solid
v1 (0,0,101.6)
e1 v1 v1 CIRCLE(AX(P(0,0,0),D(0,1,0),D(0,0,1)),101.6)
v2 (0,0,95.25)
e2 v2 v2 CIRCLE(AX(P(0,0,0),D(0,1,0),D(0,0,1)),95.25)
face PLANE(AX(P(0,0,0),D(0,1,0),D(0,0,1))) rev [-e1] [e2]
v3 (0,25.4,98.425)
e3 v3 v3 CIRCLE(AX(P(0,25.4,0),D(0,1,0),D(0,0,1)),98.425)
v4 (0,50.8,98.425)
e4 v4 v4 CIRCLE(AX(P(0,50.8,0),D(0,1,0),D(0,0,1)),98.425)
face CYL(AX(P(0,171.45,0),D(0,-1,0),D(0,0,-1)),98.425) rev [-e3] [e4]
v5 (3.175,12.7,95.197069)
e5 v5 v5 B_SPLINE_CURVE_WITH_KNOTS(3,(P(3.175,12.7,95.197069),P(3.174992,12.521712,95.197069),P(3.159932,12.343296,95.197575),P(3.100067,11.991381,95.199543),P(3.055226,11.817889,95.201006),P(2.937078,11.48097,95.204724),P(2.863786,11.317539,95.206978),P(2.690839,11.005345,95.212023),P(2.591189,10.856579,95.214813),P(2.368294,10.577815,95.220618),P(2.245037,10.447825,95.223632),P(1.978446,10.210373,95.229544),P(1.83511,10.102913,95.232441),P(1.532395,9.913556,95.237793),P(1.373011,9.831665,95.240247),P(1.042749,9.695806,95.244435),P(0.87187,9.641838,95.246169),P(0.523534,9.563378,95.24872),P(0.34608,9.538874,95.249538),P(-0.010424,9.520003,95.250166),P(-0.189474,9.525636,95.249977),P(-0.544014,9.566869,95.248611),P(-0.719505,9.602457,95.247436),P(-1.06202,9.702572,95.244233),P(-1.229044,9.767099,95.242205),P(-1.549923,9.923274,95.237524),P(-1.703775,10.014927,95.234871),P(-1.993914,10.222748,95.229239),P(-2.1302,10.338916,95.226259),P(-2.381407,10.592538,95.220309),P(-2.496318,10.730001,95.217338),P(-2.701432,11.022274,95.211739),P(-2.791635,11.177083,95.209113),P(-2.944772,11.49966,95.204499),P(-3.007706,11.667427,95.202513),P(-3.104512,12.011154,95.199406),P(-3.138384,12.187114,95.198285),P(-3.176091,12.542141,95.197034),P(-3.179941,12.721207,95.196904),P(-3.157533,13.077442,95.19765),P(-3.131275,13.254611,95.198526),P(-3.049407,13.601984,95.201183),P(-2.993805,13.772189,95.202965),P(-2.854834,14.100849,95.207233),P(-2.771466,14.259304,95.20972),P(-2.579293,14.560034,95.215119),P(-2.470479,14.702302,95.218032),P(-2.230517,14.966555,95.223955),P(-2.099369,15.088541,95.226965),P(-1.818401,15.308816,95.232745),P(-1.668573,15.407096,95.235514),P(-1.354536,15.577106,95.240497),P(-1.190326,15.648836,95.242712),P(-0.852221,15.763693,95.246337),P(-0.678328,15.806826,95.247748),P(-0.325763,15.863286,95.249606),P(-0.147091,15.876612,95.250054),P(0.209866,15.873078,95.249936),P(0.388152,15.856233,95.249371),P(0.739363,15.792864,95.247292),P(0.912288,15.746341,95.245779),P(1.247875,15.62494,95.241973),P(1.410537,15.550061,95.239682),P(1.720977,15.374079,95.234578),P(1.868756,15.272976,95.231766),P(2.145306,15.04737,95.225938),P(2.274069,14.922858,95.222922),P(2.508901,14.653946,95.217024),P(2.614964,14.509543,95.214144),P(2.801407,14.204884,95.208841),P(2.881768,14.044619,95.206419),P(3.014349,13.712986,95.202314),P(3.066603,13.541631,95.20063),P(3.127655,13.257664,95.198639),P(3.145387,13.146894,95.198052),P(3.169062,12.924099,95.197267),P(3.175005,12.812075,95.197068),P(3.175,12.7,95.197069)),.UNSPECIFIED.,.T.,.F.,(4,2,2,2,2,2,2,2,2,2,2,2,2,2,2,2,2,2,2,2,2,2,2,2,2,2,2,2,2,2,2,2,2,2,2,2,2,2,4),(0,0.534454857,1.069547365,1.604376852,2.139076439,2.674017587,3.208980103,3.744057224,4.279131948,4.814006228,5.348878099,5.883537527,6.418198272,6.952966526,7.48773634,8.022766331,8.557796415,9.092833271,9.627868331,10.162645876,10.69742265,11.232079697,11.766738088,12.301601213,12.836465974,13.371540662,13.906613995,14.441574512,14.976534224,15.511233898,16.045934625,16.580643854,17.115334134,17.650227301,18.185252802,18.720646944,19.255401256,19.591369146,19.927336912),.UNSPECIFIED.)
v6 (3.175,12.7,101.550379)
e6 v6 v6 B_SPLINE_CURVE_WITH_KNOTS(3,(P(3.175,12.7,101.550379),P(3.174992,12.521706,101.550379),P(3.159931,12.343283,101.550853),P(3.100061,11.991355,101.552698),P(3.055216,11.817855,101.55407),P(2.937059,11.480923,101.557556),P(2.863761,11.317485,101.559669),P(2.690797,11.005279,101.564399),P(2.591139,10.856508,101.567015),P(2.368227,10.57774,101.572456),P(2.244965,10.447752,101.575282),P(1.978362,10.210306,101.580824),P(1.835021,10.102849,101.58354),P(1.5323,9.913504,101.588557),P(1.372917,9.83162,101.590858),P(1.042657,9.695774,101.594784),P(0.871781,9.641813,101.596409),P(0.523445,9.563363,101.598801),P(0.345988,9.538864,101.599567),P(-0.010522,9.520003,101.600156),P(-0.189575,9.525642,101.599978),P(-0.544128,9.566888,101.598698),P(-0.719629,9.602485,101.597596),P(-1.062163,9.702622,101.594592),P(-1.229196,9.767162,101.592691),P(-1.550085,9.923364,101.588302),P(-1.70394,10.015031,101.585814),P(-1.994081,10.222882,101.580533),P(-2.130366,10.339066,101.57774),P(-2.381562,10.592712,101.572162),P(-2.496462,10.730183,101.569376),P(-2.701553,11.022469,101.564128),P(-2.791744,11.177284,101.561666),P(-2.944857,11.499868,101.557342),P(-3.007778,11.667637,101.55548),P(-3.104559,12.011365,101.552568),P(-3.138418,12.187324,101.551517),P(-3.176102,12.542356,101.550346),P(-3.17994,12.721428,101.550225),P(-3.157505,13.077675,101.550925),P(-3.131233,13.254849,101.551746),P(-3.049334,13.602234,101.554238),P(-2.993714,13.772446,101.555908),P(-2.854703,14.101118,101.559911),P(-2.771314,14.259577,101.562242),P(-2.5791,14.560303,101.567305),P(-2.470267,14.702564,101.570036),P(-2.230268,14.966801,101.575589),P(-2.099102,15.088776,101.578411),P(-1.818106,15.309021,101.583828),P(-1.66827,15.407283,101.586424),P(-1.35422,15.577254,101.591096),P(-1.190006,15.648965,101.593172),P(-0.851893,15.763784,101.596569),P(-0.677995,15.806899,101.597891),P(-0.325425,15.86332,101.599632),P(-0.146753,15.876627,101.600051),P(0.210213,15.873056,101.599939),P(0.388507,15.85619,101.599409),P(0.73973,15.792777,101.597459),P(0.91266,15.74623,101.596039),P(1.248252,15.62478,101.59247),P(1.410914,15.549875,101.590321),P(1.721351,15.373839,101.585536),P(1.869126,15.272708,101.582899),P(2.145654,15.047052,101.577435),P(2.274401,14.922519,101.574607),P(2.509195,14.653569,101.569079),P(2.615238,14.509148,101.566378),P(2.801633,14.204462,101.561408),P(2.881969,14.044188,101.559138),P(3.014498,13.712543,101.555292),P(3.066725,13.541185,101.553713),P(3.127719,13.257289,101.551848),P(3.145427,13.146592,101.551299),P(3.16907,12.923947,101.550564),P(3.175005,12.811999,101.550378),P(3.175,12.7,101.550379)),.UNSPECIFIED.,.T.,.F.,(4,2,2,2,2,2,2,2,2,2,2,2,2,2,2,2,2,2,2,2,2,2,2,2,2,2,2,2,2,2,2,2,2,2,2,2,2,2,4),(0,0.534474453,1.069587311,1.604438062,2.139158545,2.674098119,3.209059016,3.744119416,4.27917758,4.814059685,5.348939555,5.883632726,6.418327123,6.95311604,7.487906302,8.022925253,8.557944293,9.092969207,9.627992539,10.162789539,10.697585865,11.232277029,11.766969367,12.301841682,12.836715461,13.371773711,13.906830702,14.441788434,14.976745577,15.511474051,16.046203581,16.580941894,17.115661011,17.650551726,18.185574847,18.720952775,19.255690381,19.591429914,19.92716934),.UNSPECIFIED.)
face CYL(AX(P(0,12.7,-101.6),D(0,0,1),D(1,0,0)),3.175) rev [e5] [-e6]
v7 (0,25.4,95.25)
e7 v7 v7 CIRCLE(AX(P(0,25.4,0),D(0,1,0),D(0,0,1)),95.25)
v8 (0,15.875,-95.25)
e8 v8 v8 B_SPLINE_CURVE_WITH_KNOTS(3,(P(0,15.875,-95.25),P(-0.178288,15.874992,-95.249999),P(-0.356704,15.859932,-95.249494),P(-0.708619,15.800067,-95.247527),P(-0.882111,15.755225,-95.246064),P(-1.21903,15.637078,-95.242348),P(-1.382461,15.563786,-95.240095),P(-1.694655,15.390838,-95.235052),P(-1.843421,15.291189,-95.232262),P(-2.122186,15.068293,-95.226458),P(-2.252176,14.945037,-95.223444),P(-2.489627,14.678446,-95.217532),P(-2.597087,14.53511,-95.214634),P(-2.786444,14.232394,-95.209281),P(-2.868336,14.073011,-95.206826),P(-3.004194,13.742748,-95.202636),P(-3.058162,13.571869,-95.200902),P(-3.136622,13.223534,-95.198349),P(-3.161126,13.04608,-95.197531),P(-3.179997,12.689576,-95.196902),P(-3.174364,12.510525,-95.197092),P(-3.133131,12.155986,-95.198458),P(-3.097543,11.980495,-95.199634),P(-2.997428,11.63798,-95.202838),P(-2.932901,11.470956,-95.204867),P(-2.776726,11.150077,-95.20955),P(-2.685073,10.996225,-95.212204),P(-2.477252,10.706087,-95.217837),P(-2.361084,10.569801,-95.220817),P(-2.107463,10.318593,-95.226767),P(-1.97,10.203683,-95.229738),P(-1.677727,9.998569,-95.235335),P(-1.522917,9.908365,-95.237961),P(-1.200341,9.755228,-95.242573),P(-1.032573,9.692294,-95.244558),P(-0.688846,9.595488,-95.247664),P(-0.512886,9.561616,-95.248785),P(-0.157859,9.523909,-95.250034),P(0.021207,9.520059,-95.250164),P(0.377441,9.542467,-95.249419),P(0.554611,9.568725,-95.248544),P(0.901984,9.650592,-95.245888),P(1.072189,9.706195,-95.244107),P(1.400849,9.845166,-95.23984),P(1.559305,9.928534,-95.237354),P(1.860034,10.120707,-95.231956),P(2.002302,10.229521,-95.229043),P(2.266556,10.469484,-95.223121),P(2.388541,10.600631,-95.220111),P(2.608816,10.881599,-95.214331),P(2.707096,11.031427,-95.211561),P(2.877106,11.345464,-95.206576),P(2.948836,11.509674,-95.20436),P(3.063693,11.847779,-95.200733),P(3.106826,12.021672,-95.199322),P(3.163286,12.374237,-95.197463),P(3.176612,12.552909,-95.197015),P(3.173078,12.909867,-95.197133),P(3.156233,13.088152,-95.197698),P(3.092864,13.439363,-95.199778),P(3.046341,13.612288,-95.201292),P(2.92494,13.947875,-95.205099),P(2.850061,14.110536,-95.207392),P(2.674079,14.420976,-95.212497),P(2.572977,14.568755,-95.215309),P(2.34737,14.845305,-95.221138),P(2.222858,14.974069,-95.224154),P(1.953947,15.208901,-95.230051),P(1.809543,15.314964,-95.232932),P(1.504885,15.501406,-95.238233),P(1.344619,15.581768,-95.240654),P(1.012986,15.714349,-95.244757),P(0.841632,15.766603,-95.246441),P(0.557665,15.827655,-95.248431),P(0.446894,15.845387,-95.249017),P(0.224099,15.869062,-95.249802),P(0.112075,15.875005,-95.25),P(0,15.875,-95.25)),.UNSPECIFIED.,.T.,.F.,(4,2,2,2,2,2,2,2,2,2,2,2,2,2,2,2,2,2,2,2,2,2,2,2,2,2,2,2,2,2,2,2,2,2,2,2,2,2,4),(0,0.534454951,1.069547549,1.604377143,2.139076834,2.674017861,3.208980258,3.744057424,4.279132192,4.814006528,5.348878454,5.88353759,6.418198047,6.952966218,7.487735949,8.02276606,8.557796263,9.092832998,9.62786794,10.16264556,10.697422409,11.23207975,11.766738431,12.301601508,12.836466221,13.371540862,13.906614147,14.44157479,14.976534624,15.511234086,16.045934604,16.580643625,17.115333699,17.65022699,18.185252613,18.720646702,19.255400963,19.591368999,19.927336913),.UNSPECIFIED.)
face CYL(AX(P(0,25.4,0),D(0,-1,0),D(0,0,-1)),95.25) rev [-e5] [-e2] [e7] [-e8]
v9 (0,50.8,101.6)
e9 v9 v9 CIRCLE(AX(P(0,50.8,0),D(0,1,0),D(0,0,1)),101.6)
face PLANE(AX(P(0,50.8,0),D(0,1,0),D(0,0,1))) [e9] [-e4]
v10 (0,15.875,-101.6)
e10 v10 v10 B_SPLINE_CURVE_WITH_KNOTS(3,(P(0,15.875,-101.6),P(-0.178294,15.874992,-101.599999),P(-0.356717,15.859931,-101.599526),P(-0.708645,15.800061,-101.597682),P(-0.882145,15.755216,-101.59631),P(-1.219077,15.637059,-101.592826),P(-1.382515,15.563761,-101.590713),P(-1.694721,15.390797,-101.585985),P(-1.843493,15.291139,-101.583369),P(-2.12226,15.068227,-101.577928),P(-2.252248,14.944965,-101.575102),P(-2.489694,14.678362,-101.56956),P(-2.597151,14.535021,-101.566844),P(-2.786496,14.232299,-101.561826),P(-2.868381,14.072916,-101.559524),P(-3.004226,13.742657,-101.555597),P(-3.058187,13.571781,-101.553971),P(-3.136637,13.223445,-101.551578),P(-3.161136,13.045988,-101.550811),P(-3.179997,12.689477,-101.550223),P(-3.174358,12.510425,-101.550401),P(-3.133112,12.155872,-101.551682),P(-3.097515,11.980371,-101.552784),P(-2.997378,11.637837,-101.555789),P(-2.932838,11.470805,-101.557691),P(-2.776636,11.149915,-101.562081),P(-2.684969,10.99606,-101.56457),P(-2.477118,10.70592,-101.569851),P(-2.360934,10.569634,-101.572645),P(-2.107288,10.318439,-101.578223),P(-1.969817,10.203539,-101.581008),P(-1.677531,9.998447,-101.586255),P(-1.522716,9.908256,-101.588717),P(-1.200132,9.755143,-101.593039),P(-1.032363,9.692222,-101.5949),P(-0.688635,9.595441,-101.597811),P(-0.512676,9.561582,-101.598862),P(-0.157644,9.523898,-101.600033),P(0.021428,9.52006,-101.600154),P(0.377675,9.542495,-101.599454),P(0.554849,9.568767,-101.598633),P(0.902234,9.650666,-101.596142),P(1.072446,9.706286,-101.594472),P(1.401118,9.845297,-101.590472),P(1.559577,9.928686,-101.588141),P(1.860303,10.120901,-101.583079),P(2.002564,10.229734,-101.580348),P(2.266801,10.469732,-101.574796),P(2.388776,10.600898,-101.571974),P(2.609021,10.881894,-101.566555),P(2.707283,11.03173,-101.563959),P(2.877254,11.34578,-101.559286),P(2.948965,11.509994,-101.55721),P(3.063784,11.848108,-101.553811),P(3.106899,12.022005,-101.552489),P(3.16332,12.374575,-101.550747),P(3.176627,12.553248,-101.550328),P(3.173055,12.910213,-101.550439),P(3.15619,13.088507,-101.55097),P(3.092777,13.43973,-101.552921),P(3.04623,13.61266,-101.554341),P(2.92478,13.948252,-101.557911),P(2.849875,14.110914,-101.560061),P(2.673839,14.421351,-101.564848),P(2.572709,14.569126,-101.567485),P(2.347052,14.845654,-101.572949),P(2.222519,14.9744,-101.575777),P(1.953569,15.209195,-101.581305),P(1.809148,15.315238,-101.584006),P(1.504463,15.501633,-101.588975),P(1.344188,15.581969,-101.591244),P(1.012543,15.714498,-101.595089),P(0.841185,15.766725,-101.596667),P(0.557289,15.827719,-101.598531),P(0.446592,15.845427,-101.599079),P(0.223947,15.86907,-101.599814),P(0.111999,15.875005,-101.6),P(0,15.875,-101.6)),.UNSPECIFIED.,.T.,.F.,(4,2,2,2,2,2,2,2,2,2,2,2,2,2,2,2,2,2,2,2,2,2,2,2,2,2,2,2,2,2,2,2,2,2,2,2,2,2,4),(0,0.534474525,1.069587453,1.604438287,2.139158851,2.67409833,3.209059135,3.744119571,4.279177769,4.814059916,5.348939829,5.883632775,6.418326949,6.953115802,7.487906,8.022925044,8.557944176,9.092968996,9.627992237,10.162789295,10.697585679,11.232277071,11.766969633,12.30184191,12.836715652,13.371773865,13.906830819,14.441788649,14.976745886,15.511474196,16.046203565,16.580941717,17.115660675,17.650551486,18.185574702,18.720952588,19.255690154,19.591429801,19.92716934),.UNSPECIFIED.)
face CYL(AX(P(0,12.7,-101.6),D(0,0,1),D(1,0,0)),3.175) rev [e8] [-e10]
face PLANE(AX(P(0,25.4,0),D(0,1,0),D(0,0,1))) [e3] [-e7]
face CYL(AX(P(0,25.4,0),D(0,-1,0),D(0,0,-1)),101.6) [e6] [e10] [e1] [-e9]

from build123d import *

# Parameters (mm, degrees)
SKETCH1_R               = 101.6
SKETCH1_R_2             = 95.25
BOSS_EXTRUDE1_DEPTH     = 25.4
SKETCH2_R               = 3.175
CUT_EXTRUDE1_DEPTH      = 102.6
CUT_EXTRUDE1_DEPTH_BACK = 102.6
SKETCH5_R               = 101.6
SKETCH5_R_2             = 98.425
BOSS_EXTRUDE2_DEPTH     = 146.05
SKETCH9_R               = 2.1
CUT_EXTRUDE5_DEPTH      = 204.2000001
SKETCH10_R              = 101.6
CUT_EXTRUDE6_DEPTH      = 120.65


with BuildPart() as part:
    # Sketch1 → Boss-Extrude1 (new body)
    with BuildSketch(Plane(origin=(0, 0, 0), x_dir=(1, 0, 0), z_dir=(0, 1, 0))):
        Circle(SKETCH1_R)
        Circle(SKETCH1_R_2, mode=Mode.SUBTRACT)
    extrude(amount=BOSS_EXTRUDE1_DEPTH)

    # Sketch2 → Cut-Extrude1 (cut, two sides)
    with BuildSketch(Plane.XY) as cut_extrude1_sk:
        with Locations((0, 12.7)):
            Circle(SKETCH2_R)
    extrude(amount=CUT_EXTRUDE1_DEPTH, mode=Mode.SUBTRACT)
    extrude(cut_extrude1_sk.sketch, amount=-CUT_EXTRUDE1_DEPTH_BACK, mode=Mode.SUBTRACT)

    # Sketch5 → Boss-Extrude2 (add)
    with BuildSketch(Plane(origin=(0, 25.4, 0), x_dir=(1, 0, 0), z_dir=(0, 1, 0))):
        Circle(SKETCH5_R)
        Circle(SKETCH5_R_2, mode=Mode.SUBTRACT)
    extrude(amount=BOSS_EXTRUDE2_DEPTH)

    # Sketch9 → Cut-Extrude5 (cut, through all)
    with BuildSketch(Plane.XY.offset(101.6)):
        with Locations((-85.075, 156.8)):
            Circle(SKETCH9_R)
    extrude(amount=-CUT_EXTRUDE5_DEPTH, mode=Mode.SUBTRACT)

    # Sketch10 → Cut-Extrude6 (cut)
    with BuildSketch(Plane(origin=(0, 171.45, 0), x_dir=(1, 0, 0), z_dir=(0, 1, 0))):
        Circle(SKETCH10_R)
    extrude(amount=-CUT_EXTRUDE6_DEPTH, mode=Mode.SUBTRACT)


solid = part.part
